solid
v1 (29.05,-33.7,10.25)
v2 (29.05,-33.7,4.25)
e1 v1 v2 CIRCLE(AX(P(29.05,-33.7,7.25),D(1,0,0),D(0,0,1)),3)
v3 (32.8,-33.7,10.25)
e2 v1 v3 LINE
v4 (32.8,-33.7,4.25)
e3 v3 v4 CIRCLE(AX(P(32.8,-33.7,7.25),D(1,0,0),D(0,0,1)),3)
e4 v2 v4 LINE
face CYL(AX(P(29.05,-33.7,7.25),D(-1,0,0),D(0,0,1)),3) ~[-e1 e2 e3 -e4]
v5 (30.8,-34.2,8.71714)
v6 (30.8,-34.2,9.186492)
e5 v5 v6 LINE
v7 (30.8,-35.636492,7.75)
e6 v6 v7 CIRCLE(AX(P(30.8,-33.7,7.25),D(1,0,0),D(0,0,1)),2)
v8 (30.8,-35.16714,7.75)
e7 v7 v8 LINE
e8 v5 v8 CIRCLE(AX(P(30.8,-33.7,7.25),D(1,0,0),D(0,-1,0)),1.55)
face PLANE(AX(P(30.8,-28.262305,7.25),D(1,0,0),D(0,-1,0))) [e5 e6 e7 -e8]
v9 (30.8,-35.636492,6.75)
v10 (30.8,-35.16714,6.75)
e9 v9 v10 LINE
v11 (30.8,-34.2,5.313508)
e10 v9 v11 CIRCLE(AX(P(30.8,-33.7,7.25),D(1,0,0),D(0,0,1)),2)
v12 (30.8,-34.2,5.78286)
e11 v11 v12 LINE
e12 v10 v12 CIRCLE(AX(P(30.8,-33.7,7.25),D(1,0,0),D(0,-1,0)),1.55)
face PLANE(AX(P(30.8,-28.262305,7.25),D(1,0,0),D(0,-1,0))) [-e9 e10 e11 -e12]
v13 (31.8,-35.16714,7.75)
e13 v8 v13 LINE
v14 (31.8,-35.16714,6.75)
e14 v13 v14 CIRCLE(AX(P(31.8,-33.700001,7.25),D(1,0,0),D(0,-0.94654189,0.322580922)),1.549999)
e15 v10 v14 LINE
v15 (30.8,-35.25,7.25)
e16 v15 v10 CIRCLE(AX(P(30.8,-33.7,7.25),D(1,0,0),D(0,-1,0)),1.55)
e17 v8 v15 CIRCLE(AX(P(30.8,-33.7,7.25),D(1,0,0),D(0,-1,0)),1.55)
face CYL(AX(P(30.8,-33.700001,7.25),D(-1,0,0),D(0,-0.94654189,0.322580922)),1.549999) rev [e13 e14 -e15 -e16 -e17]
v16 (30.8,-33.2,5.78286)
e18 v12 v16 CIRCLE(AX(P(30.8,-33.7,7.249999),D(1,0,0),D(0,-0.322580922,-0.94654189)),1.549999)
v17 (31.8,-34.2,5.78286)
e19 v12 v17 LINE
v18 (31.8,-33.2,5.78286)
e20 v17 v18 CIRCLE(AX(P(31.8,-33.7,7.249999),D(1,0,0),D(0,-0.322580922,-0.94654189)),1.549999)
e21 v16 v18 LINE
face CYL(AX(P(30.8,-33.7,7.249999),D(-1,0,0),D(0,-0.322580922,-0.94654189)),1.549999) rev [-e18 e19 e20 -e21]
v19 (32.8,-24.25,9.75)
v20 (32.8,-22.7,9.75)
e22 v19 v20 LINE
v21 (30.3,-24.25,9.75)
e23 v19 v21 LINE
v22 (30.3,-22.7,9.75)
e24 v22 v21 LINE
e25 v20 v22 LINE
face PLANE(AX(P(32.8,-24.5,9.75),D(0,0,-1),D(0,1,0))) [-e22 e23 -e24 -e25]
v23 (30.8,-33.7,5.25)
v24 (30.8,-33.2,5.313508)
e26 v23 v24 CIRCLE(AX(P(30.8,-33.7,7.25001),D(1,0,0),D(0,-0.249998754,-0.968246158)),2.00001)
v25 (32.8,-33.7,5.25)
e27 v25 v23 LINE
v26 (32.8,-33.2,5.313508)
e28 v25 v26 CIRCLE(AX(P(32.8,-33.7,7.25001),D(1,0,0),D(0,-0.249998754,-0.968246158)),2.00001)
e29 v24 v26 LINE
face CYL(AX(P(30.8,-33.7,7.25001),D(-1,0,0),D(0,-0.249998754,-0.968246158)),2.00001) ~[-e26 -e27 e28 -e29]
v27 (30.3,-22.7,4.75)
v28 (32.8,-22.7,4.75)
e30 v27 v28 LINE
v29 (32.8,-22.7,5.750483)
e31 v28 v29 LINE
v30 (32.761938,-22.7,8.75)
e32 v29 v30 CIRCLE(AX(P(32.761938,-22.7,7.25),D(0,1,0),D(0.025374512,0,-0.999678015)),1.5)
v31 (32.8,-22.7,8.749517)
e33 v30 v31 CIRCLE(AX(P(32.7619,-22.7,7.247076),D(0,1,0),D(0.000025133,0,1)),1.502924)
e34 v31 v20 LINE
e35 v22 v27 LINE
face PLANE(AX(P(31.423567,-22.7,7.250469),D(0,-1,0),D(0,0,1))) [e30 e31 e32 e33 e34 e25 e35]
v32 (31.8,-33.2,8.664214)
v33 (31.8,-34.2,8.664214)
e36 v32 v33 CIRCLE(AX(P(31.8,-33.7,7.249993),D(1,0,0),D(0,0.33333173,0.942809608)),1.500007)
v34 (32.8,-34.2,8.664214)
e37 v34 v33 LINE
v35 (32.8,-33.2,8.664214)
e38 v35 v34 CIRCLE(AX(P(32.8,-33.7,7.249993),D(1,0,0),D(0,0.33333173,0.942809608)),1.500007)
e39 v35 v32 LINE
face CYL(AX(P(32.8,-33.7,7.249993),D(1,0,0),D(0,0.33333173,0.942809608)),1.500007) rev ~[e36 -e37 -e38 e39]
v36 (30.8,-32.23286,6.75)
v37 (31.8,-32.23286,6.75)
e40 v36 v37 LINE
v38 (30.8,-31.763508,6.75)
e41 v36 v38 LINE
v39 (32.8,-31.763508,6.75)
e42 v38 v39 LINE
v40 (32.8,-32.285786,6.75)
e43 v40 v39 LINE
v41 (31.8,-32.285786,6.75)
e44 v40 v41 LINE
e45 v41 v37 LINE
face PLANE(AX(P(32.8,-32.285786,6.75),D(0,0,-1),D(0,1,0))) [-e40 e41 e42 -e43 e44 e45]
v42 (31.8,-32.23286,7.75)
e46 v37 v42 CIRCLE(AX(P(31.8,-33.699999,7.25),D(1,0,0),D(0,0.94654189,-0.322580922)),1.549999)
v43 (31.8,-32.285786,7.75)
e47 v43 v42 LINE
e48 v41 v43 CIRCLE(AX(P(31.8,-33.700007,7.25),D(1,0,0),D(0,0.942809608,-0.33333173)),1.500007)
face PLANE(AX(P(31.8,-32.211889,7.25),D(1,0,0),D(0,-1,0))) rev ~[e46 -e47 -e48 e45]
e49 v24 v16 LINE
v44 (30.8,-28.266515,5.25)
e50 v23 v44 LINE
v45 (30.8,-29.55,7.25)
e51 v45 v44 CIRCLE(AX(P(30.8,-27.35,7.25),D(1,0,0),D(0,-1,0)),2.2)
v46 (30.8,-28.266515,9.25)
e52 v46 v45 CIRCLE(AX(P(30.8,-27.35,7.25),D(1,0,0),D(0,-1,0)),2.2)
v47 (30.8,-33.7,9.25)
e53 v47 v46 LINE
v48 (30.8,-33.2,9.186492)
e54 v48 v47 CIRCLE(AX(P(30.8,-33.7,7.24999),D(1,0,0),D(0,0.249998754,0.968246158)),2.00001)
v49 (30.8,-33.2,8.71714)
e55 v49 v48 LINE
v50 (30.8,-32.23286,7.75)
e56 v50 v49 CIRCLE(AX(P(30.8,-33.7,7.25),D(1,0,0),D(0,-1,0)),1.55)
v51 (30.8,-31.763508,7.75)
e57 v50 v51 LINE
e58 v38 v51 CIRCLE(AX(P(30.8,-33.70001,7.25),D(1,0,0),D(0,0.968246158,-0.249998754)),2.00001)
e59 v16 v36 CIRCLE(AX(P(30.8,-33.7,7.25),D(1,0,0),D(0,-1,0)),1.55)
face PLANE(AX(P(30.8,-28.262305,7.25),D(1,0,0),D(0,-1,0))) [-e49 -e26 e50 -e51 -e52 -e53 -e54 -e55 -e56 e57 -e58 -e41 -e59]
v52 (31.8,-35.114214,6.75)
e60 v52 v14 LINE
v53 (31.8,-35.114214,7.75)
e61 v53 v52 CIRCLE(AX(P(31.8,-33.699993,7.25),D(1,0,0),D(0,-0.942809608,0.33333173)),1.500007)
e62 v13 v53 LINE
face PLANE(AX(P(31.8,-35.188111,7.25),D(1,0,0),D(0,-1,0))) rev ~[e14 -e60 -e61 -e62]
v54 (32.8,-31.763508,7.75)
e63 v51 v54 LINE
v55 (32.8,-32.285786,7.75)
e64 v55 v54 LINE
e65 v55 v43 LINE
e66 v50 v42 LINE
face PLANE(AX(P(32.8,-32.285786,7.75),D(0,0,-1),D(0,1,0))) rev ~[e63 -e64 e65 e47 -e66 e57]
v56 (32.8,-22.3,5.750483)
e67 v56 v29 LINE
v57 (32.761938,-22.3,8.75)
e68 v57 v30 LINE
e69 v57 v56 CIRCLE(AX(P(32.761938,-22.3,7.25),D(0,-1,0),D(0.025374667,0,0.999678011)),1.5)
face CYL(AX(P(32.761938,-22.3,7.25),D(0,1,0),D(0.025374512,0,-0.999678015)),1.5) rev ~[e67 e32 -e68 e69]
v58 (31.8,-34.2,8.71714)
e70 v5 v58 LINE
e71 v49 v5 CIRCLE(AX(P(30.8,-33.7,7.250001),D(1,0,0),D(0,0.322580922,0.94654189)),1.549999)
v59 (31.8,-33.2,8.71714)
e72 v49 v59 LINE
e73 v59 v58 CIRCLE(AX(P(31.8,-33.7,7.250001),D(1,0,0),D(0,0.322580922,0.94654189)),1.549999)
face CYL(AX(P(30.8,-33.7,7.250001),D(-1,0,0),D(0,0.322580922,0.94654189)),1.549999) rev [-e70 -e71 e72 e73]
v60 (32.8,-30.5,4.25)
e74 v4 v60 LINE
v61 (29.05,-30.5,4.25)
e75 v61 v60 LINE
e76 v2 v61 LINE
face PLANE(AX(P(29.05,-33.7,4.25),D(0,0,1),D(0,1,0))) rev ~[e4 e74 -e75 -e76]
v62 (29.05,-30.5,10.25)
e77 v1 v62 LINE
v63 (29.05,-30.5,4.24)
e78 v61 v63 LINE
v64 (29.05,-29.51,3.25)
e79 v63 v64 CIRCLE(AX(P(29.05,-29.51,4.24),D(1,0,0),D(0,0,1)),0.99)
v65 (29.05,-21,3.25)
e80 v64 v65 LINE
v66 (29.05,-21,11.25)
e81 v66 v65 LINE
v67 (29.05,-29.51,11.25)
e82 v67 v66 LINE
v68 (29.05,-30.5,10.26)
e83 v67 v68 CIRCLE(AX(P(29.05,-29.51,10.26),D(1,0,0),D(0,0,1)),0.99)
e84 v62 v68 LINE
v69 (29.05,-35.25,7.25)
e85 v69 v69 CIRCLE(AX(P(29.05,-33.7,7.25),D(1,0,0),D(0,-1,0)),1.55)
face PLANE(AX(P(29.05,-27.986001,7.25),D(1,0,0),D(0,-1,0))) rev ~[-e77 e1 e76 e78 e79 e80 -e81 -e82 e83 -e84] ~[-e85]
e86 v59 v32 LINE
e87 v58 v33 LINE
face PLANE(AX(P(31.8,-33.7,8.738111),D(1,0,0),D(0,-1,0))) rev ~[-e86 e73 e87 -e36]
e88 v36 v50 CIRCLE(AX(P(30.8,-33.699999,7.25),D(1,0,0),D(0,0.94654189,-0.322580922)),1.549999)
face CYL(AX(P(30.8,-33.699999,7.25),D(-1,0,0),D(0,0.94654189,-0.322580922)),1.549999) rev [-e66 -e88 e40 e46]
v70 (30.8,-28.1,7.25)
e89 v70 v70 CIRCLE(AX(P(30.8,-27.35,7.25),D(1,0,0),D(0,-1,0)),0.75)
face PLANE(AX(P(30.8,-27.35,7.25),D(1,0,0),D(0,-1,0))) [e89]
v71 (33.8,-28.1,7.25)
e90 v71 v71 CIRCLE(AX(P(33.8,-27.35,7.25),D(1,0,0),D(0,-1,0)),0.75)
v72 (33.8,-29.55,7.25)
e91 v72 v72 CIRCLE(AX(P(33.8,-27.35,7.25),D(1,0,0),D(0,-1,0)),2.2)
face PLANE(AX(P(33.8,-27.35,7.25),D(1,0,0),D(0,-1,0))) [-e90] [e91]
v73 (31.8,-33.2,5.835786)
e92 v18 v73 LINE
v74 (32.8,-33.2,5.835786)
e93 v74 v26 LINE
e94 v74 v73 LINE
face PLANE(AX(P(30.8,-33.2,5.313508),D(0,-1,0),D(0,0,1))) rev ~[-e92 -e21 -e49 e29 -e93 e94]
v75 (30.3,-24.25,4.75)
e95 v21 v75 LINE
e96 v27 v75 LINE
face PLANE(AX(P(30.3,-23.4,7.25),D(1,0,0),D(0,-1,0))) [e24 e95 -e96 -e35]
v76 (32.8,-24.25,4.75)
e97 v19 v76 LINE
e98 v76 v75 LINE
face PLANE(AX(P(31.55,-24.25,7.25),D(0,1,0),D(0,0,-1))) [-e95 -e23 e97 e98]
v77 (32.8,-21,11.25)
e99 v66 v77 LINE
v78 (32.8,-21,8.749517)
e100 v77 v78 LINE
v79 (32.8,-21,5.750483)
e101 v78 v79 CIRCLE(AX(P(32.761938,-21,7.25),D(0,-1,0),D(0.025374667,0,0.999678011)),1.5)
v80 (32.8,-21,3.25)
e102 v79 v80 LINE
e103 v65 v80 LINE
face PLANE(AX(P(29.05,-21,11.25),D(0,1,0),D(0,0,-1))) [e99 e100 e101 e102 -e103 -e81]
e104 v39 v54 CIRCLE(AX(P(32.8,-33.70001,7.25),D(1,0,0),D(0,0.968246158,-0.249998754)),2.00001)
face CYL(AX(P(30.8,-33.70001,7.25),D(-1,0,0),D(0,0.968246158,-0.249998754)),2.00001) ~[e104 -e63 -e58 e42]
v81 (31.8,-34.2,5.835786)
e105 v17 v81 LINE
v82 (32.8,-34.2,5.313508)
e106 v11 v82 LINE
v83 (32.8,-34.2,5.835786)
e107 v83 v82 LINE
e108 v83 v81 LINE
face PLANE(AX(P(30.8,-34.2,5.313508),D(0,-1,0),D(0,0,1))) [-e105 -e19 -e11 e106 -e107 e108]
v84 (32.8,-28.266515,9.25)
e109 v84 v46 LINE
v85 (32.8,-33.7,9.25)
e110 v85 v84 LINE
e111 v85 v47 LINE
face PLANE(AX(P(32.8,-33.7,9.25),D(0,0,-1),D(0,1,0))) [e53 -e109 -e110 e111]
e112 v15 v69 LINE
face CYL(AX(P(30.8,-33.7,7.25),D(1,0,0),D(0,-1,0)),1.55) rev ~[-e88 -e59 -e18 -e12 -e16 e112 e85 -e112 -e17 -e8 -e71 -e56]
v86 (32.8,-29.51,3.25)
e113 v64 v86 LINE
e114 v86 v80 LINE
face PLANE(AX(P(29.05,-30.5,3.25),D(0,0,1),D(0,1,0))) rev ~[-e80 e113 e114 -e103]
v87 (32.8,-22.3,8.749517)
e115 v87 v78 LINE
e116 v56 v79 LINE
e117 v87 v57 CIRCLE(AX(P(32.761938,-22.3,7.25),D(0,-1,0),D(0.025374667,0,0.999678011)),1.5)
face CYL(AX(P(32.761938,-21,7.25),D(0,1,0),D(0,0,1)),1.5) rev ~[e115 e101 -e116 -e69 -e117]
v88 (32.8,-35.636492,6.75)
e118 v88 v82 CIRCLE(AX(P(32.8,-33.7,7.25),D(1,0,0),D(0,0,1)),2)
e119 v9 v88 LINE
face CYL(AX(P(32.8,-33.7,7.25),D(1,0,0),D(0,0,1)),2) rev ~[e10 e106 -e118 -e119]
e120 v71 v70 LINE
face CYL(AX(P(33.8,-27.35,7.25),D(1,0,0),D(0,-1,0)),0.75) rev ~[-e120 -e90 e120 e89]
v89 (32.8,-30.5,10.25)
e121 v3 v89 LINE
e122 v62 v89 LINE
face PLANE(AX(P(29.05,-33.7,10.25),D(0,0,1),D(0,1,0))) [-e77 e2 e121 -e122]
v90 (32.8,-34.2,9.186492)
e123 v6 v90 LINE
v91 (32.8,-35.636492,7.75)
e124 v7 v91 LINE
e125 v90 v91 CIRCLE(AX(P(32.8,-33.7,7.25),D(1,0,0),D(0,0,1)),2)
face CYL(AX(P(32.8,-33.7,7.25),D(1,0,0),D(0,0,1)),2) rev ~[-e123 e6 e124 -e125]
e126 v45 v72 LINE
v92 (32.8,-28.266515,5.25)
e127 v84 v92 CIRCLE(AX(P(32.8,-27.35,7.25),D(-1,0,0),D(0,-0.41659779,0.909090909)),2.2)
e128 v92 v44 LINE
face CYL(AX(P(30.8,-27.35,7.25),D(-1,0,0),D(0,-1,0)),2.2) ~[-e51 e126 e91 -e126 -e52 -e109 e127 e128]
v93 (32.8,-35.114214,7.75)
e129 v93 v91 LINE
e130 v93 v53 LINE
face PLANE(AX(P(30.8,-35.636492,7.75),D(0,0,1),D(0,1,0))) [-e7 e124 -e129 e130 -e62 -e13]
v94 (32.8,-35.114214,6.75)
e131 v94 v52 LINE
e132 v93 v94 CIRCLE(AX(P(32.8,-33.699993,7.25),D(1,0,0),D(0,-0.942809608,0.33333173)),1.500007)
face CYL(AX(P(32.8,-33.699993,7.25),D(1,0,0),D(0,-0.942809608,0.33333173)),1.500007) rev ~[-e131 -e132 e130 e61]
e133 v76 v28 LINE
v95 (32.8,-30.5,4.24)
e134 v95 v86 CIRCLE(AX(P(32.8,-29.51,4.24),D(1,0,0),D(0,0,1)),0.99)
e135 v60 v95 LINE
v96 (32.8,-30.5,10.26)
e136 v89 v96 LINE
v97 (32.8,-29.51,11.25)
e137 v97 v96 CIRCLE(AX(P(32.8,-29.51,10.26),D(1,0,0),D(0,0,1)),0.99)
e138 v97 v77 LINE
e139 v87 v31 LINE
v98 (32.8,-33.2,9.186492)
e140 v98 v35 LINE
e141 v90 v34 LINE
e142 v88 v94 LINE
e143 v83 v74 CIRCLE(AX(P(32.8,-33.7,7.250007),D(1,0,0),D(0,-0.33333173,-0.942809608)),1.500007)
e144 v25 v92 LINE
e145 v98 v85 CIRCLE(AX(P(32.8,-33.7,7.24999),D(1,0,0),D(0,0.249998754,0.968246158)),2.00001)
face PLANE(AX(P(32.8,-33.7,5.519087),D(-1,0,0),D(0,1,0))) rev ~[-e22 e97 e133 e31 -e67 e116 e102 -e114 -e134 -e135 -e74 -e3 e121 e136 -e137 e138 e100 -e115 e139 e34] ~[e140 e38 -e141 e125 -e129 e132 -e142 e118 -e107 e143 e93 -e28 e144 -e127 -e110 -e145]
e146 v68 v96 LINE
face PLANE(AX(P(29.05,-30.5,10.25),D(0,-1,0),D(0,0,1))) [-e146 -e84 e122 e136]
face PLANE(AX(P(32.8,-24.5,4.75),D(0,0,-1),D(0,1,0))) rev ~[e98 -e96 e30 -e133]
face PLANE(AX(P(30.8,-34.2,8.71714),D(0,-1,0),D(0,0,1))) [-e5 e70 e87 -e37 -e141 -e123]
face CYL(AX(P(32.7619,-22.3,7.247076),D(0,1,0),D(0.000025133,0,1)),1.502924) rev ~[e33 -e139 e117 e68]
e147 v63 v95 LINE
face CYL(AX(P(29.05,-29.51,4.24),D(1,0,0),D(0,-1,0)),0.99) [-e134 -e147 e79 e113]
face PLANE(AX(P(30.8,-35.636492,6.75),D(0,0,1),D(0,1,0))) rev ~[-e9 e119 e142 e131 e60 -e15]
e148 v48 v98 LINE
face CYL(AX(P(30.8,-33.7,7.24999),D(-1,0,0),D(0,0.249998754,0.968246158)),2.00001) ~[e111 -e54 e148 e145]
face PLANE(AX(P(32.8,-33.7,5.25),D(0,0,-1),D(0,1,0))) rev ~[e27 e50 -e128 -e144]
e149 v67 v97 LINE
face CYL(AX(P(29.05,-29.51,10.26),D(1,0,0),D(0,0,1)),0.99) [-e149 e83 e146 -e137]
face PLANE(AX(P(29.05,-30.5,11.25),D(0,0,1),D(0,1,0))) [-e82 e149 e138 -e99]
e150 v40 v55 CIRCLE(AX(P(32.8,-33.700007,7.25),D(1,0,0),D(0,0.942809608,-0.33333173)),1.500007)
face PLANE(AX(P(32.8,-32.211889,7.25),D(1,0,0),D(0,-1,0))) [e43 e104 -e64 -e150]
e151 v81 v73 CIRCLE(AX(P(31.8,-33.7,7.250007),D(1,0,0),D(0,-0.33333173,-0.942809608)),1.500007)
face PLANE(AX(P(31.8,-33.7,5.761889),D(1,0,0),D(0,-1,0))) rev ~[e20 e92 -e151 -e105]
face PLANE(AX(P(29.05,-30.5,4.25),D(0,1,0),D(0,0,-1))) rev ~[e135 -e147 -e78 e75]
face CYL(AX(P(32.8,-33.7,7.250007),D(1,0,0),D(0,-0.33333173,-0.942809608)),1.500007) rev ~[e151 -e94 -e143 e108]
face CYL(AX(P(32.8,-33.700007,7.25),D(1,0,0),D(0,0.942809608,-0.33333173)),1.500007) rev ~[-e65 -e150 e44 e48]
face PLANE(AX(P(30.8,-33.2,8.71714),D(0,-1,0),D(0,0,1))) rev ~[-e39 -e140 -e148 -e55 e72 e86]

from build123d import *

# Parameters (mm, degrees)
PAD031_DEPTH            = 3.75
SKETCH061_R             = 1.5
POCKET029_DEPTH         = 3.75
POCKET035_DEPTH         = 2
SKETCH063_R             = 1.5
POCKET036_DEPTH         = 1.3
SKETCH064_R             = 2.2
PAD037_DEPTH            = 3
SKETCH065_W             = 2.8
SKETCH065_H             = 4
PAD038_DEPTH            = 2
SKETCH066_R             = 0.75
POCKET037_DEPTH         = 3
FILLET022_R             = 0.99
SKETCH073_W             = 2.2
SKETCH073_H             = 5
POCKET040_DEPTH         = 0.5
PAD197_DEPTH            = 0.4
PAD197_FACE23_W         = 5
PAD197_FACE23_H         = 2.5
PAD198_DEPTH            = 0.25
SKETCH338_R             = 1.55
SKETCH338_R_2           = 1.5
POCKET161_DEPTH         = 5
PAD201_DEPTH            = 2
PAD202_DEPTH            = 1
BODY006_ROLL_ANGLE      = -90
BODY006_PLACEMENT_ANGLE = -90


with BuildPart() as part:
    # Sketch060 → Pad031 (new body)
    with BuildSketch(Plane(origin=(-1, 0, -1.2), x_dir=(1, 0, 0), z_dir=(0, 0, 1))):
        with BuildLine():
            ThreePointArc((0, -3), (3, 0), (0, 3))
            Line((0, 3), (-3.2, 3))
            Line((-3.2, 3), (-3.2, 4))
            Line((-3.2, 4), (-12.7, 4))
            Line((-12.7, -4), (-12.7, 4))
            Line((-3.2, -4), (-12.7, -4))
            Line((-3.2, -3), (-3.2, -4))
            Line((0, -3), (-3.2, -3))
        make_face()
    extrude(amount=PAD031_DEPTH)

    # Sketch061 (on Face10 of Pad031) → Pocket029 (cut)
    with BuildSketch(Plane.XY.offset(2.55)):
        with Locations((-1, 0)):
            Circle(SKETCH061_R)
    extrude(amount=-POCKET029_DEPTH, mode=Mode.SUBTRACT)

    # Sketch062 (on DatumPlane) → Pocket035 (cut)
    with BuildSketch(Plane.XY.offset(2.55)):
        with BuildLine():
            ThreePointArc((-1, -2), (1, 0), (-1, 2))
            Line((-1, 2), (-10.2, 2))
            Line((-10.2, 2), (-10.2, 2.5))
            Line((-10.2, 2.5), (-12.4, 2.5))
            Line((-12.4, -2.5), (-12.4, 2.5))
            Line((-10.2, -2.5), (-12.4, -2.5))
            Line((-10.2, -2), (-10.2, -2.5))
            Line((-1, -2), (-10.2, -2))
        make_face()
    extrude(amount=-POCKET035_DEPTH, mode=Mode.SUBTRACT)

    # Sketch063 (on DatumPlane) → Pocket036 (cut)
    with BuildSketch(Plane(origin=(-13.7, 0, 0), x_dir=(0, -1, 0), z_dir=(-1, 0, 0))):
        with Locations((0, 2.511938)):
            Circle(SKETCH063_R)
    extrude(amount=-POCKET036_DEPTH, mode=Mode.SUBTRACT)

    # Sketch064 (on DatumPlane) → Pad037 (join)
    with BuildSketch(Plane.XY.offset(0.55)):
        with Locations((-7.35, 0)):
            Circle(SKETCH064_R)
    extrude(amount=PAD037_DEPTH)

    # Sketch065 (on DatumPlane) → Pad038 (join)
    with BuildSketch(Plane.XY.offset(0.55)):
        with Locations((-8.8, 0)):
            Rectangle(SKETCH065_W, SKETCH065_H)
    extrude(amount=PAD038_DEPTH)

    # Sketch066 (on DatumPlane) → Pocket037 (cut)
    with BuildSketch(Plane.XY.offset(3.55)):
        with Locations((-7.35, 0)):
            Circle(SKETCH066_R)
    extrude(amount=-POCKET037_DEPTH, mode=Mode.SUBTRACT)

    # Fillet022
    fillet022_edges = [part.edges().sort_by_distance(p)[0] for p in [
        (-4.2, 4, 0.675),
        (-4.2, -4, 0.675),
    ]]
    fillet(fillet022_edges, radius=FILLET022_R)

    # Sketch073 (on DatumPlane) → Pocket040 (cut)
    with BuildSketch(Plane.XY.offset(0.55)):
        with Locations((-11.3, 0)):
            Rectangle(SKETCH073_W, SKETCH073_H)
    extrude(amount=-POCKET040_DEPTH, mode=Mode.SUBTRACT)

    # Pocket040 Face23 → Pad197 (add)
    with BuildSketch(Plane(origin=(-12.4, 0, 1.054406), x_dir=(0, -1, 0), z_dir=(1, 0, 0))):
        with BuildLine():
            Line((1.499517, -1.495594), (2.5, -1.495594))
            Line((2.5, -1.495594), (2.5, 1.004406))
            Line((2.5, 1.004406), (-2.5, 1.004406))
            Line((-2.5, 1.004406), (-2.5, -1.495594))
            Line((-2.5, -1.495594), (-1.499517, -1.495594))
            ThreePointArc((-1.499517, -1.495594), (-0.019033, 0.042347), (1.5, -1.457532))
            ThreePointArc((1.5, -1.457532), (1.499879, -1.476565), (1.499517, -1.495594))
        make_face()
    extrude(amount=PAD197_DEPTH)

    # Pad197 Face23 → Pad198 (add)
    with BuildSketch(Plane(origin=(-10.2, 0, 1.3), x_dir=(0, 1, 0), z_dir=(-1, 0, 0))):
        Rectangle(PAD197_FACE23_W, PAD197_FACE23_H)
    extrude(amount=PAD198_DEPTH)

    # Sketch338 (on Face18 of Pad198) → Pocket161 (cut)
    with BuildSketch(Plane.XY.offset(0.55)):
        with Locations((-1, 0)):
            Circle(SKETCH338_R)
        with Locations((-1, 0)):
            Circle(SKETCH338_R_2, mode=Mode.SUBTRACT)
    extrude(amount=-POCKET161_DEPTH, mode=Mode.SUBTRACT)

    # Sketch339 (on Face23 of Pocket161) → Pad201 (join)
    with BuildSketch(Plane.XY.offset(0.55)):
        with BuildLine():
            ThreePointArc((-0.5, 1.46714), (-1, 1.55), (-1.5, 1.46714))
            Line((-1.5, 1.936492), (-1.5, 1.46714))
            ThreePointArc((-0.5, 1.936492), (-1, 2), (-1.5, 1.936492))
            Line((-0.5, 1.936492), (-0.5, 1.46714))
        make_face()
        with BuildLine():
            ThreePointArc((-1.5, -1.46714), (-1, -1.55), (-0.5, -1.46714))
            Line((-0.5, -1.46714), (-0.5, -1.936492))
            ThreePointArc((-1.5, -1.936492), (-1, -2), (-0.5, -1.936492))
            Line((-1.5, -1.46714), (-1.5, -1.936492))
        make_face()
        with BuildLine():
            ThreePointArc((-2.46714, 0.5), (-2.55, 0), (-2.46714, -0.5))
            Line((-2.46714, -0.5), (-2.936492, -0.5))
            ThreePointArc((-2.936492, 0.5), (-3, 0), (-2.936492, -0.5))
            Line((-2.46714, 0.5), (-2.936492, 0.5))
        make_face()
        with BuildLine():
            ThreePointArc((0.46714, -0.5), (0.55, 0), (0.46714, 0.5))
            Line((0.936492, 0.5), (0.46714, 0.5))
            ThreePointArc((0.936492, -0.5), (1, 0), (0.936492, 0.5))
            Line((0.936492, -0.5), (0.46714, -0.5))
        make_face()
    extrude(amount=PAD201_DEPTH)

    # Sketch340 (on Face31 of Pad201) → Pad202 (join)
    with BuildSketch(Plane.XY.offset(2.55)):
        with BuildLine():
            ThreePointArc((-2.46714, 0.5), (-2.55, 0), (-2.46714, -0.5))
            Line((-2.414214, -0.5), (-2.46714, -0.5))
            ThreePointArc((-2.414214, 0.5), (-2.5, 0), (-2.414214, -0.5))
            Line((-2.414214, 0.5), (-2.46714, 0.5))
        make_face()
        with BuildLine():
            ThreePointArc((-1.5, -1.46714), (-1, -1.55), (-0.5, -1.46714))
            Line((-0.5, -1.46714), (-0.5, -1.414214))
            ThreePointArc((-1.5, -1.414214), (-1, -1.5), (-0.5, -1.414214))
            Line((-1.5, -1.46714), (-1.5, -1.414214))
        make_face()
        with BuildLine():
            ThreePointArc((-0.5, 1.46714), (-1, 1.55), (-1.5, 1.46714))
            Line((-1.5, 1.46714), (-1.5, 1.414214))
            ThreePointArc((-0.5, 1.414214), (-1, 1.5), (-1.5, 1.414214))
            Line((-0.5, 1.46714), (-0.5, 1.414214))
        make_face()
        with BuildLine():
            ThreePointArc((0.46714, -0.5), (0.55, 0), (0.46714, 0.5))
            Line((0.414214, 0.5), (0.46714, 0.5))
            ThreePointArc((0.414214, -0.5), (0.5, 0), (0.414214, 0.5))
            Line((0.46714, -0.5), (0.414214, -0.5))
        make_face()
    extrude(amount=-PAD202_DEPTH)


with BuildPart() as part_1:
    # Body006 roll: moved
    add(part.part.rotate(Axis((0, 0, 0), (1, 0, 0)), BODY006_ROLL_ANGLE))


with BuildPart() as part_2:
    # Body006 placement: moved
    add(part_1.part.moved(Location((30.25, -34.7, 7.25))).rotate(Axis((30.25, -34.7, 7.25), (0, 0, 1)), BODY006_PLACEMENT_ANGLE))


solid = part_2.part
